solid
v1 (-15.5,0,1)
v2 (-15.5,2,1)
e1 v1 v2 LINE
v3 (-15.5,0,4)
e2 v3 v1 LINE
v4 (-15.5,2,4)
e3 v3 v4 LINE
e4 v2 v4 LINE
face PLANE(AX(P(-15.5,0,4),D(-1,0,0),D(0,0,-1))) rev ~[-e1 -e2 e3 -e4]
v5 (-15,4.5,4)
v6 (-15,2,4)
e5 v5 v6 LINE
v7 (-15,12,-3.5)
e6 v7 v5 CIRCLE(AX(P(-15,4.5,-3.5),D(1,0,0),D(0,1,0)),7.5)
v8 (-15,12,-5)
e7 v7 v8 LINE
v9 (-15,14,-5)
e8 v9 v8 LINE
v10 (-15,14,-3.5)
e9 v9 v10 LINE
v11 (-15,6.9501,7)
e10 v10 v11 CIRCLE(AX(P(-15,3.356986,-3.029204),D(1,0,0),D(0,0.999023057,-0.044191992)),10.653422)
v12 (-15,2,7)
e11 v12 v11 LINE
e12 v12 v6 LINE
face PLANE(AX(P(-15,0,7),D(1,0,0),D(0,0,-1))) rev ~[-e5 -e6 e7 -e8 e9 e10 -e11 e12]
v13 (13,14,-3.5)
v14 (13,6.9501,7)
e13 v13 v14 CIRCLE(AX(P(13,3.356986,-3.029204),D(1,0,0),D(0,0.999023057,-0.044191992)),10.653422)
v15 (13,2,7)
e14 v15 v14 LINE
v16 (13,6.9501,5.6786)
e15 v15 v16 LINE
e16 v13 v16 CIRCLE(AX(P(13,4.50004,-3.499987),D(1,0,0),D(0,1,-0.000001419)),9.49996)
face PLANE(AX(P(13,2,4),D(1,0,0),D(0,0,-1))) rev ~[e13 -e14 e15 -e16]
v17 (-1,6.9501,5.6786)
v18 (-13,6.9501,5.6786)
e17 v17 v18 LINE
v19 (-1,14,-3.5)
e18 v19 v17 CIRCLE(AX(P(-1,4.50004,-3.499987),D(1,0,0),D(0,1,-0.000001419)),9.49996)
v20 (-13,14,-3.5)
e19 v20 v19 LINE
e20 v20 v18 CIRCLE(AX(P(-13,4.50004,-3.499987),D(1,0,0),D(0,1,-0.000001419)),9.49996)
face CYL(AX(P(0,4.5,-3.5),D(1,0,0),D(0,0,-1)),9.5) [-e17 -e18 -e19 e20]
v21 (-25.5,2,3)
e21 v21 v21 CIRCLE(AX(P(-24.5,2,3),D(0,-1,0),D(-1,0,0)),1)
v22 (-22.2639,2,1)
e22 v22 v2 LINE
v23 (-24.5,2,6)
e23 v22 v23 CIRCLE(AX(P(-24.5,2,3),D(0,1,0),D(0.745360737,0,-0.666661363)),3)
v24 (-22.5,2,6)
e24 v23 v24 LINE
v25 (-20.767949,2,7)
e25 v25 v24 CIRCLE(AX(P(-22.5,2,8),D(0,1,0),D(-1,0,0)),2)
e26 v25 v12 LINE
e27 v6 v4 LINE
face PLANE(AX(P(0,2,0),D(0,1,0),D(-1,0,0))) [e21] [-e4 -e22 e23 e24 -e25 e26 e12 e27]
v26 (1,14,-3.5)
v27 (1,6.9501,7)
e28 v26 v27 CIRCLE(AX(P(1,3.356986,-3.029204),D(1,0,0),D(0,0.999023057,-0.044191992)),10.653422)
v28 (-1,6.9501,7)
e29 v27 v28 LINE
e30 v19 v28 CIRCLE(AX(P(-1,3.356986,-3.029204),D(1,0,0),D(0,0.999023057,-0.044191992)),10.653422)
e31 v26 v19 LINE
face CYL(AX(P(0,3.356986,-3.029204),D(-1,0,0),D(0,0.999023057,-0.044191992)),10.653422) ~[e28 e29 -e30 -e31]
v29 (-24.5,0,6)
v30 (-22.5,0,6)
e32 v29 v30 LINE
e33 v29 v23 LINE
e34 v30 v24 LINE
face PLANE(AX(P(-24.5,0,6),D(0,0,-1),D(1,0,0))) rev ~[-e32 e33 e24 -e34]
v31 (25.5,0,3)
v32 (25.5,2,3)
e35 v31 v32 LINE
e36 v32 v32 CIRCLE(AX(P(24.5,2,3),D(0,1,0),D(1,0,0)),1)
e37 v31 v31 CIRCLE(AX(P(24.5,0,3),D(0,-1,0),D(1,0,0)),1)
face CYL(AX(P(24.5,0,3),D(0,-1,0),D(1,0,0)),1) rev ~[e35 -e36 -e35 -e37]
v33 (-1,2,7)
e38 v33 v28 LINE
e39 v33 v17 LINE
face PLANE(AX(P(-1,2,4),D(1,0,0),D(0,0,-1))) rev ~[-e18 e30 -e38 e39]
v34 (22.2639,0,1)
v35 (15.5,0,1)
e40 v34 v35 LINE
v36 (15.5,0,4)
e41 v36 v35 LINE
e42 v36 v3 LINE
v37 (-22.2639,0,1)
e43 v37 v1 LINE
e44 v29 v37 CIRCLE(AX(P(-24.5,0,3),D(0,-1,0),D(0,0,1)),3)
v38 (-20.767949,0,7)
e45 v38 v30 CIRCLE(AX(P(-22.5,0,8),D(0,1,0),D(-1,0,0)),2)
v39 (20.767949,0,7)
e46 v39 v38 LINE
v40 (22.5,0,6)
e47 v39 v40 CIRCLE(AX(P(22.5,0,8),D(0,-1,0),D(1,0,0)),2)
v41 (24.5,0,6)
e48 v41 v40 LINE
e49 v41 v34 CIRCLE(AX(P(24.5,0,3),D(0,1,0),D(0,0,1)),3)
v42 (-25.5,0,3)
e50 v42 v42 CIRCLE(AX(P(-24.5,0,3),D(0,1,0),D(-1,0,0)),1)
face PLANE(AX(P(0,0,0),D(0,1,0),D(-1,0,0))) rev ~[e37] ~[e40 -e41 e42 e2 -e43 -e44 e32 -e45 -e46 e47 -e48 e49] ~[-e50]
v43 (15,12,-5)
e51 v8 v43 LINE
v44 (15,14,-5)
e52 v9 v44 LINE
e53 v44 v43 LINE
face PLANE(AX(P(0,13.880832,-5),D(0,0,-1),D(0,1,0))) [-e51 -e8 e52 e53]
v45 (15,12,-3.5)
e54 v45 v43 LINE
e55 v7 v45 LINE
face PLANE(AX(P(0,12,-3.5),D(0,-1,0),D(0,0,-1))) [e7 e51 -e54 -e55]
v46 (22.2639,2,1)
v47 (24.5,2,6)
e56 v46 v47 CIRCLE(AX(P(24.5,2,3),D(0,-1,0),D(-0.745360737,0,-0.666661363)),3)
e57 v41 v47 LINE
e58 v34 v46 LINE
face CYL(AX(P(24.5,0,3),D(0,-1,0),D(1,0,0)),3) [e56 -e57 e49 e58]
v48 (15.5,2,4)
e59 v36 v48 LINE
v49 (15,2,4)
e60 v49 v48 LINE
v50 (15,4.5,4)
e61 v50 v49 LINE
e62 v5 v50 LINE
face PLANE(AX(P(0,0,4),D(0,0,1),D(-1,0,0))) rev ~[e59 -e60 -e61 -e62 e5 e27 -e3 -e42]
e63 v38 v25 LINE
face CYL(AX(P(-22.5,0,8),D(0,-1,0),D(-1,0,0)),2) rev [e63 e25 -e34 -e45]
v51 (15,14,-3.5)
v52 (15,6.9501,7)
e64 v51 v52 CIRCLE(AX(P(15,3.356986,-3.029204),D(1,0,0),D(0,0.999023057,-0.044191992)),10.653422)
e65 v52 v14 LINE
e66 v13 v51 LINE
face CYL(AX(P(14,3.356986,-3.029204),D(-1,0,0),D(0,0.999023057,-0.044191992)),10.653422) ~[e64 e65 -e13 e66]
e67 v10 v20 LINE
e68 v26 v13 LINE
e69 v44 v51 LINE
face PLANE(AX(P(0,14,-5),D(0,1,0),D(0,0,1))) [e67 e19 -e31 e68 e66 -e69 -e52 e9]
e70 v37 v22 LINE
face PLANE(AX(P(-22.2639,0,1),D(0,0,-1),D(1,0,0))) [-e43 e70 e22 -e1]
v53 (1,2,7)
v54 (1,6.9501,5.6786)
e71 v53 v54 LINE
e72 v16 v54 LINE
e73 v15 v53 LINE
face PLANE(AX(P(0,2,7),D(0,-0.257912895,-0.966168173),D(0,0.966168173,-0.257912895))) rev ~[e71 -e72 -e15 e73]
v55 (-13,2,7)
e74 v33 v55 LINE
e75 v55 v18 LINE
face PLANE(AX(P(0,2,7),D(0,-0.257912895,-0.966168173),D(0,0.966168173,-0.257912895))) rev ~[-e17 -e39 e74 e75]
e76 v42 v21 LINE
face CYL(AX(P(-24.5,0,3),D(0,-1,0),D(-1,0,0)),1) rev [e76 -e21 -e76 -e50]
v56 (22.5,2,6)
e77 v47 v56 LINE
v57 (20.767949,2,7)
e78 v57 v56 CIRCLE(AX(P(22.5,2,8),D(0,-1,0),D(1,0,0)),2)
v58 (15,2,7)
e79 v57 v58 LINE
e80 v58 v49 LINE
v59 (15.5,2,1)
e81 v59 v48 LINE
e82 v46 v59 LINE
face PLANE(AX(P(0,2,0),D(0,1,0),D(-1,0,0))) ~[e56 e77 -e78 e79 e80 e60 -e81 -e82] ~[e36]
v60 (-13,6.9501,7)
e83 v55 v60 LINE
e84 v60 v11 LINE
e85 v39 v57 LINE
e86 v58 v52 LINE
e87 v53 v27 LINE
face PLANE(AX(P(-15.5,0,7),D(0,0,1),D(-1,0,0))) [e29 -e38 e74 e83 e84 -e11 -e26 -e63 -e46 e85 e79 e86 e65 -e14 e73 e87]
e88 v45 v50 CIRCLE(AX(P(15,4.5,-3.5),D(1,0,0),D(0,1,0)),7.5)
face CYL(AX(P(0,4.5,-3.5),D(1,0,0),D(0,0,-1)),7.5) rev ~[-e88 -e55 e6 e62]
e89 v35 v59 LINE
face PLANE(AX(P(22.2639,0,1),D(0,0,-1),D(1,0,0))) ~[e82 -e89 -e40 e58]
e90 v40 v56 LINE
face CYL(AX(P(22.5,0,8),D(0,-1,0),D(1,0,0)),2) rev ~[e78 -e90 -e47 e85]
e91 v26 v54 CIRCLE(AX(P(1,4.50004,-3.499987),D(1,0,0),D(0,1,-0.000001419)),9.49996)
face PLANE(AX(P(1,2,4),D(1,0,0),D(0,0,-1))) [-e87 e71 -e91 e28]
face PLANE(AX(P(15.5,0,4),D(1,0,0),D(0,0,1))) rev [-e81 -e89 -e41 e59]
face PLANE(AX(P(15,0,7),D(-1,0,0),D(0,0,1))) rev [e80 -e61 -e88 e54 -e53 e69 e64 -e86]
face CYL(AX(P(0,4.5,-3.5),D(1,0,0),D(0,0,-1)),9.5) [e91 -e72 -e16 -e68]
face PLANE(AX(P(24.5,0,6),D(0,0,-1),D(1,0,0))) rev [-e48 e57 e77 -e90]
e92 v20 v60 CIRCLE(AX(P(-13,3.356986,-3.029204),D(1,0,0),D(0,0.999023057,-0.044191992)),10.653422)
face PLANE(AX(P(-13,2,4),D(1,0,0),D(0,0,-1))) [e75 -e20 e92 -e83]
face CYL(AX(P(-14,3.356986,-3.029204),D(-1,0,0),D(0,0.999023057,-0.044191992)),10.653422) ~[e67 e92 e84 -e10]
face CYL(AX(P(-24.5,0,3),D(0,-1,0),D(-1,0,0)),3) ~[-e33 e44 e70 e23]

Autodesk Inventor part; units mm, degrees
ref_plane "YZ Plane" through (0, 0, 0) normal (1, 0, 0) x (0, 1, 0)
ref_plane "XZ Plane" through (0, 0, 0) normal (0, 1, 0) x (-1, 0, 0)
sketch "Sketch1" plane through (0, 0, 0) normal (0, 1, 0) x (-1, 0, 0)
  line L0 (24.5, 6) -> (0, 6)
  line L1 (0, 6) -> (0, 0)
  line L2 (0, 0) -> (24.5, 0)
  line L3 (24.5, 0) -> (24.5, 6)
  circle A0 centre (24.5, 3) radius 3
  circle A1 centre (24.5, 3) radius 1
  line L4 (22.2639, 1) -> (0, 1)
  line L5 (0, 1) -> (0, 0)
  line L6 (0, 0) -> (22.2639, 0)
  line L7 (22.2639, 0) -> (22.2639, 1)
  line L8 (0, 4) -> (15.5, 4)
  line L9 (15.5, 4) -> (15.5, 1)
  line L10 (15.5, 1) -> (0, 1)
  line L11 (0, 1) -> (0, 4)
  line L12 (24.5, 3) -> (0, 3)
  line L13 (0, 3) -> (0, 7)
  line L14 (0, 7) -> (24.5, 7)
  line L15 (24.5, 7) -> (24.5, 3)
  line L16 (24.5, 7) -> (20.5, 7)
  line L17 (20.5, 7) -> (20.5, 6)
  line L18 (20.5, 6) -> (24.5, 6)
  line L19 (24.5, 6) -> (24.5, 7)
  circle A2 centre (22.5, 8) radius 2
  line L20 (15.5, 4) -> (15.5, 7)
  point P0 (22.5, 6)
  point P1 (20.7679, 7)
  point P2 (0, 6)
  point P3 (15.5, 3)
  point P4 (0, 3)
  point P5 (15.5, 6)
  point P6 (0, 6)
  dimension "d0" = 24.5
  dimension "d1" = 6
  dimension "d2" = 2
  dimension "d3" = 0
  dimension "d4" = 0
  dimension "d6" = 3
  dimension "d7" = 4
  dimension "d8" = 4
  dimension "d9" = 4
  dimension "d10" = 2
  dimension "d13" = 2
  dimension "d14" = 9
extrude "Extrusion1" add sketch "Sketch1" along normal blind 2 contours A0 L12 L9 L20 L0 | A0 L3 A1 | L3 A1 L12 A0 | L0 L17 L14 A2 | L12 A1 L3 A0 | A0 L4 L9 L12 | L0 L20 L14 L17 | L20 L8 L1 L0 | L0 L13 L14 L20
sketch "Sketch2" plane through (0, 0, 7) normal (1, 0, 0) x (0, 0, -1)
  line L0 (0, 2) -> (3, 2) projected
  line L1 (3, 2) -> (0, 2)
  line L2 (0, 2) -> (0, 12)
  line L3 (0, 12) -> (3, 12)
  line L4 (3, 12) -> (3, 2)
  line L5 (0, 12) -> (12, 12)
  line L6 (12, 12) -> (12, 9)
  line L7 (12, 9) -> (0, 9)
  line L8 (0, 9) -> (0, 12)
  line L9 (0, 0) -> (3, 0) projected
  circle A0 centre (10.5, 4.5) radius 7.5
  line L10 (3, 2) -> (6, 2) projected
  line L11 (0, 12) -> (12, 12)
  line L12 (12, 12) -> (12, 14)
  line L13 (12, 14) -> (0, 14)
  line L14 (0, 14) -> (0, 12)
  circle A1 centre (10.5, 4.5) radius 9.5
  line L15 (0, 2) -> (1.3214, 6.9501)
  point P0 (7, 0)
  point P1 (10.5, 14)
  point P2 (3, 4.5)
  point P3 (10.5, 12)
  dimension "d15" = 10
  dimension "d16" = 12
  dimension "d17" = 3
  dimension "d20" = 15
  dimension "d21" = 2.5
  dimension "d22" = 7.5
  dimension "d23" = 12
  dimension "d24" = 2
extrude "Extrusion2" add sketch "Sketch2" against normal blind 15 contours L15 A1 L0 | A1 L7 L4 L0 | A1 L4 L7 | L4 L7 A0 | L4 A1 L5 A0 L7 | A1 L13 L12 | L12 L5 A1
mirror "Mirror1" about plane through (0, 0, 7) normal (1, 0, 0) of "Extrusion1", "Extrusion2"
ref_plane "Work Plane1" through (0, 2, 4) normal (1, 0, 0) x (0, 0, -1)
sketch "Sketch4" plane through (0, 2, 4) normal (1, 0, 0) x (0, 0, -1)
  line L0 (-3, 0) -> (-1.6786, 4.9501) projected
  line L1 (-3, 0) -> (-3, 4.9501)
  line L2 (-3, 4.9501) -> (-1.6786, 4.9501)
  arc A0 (7.5, 12) -> (-1.6786, 4.9501) centre (7.5, 2.5) ccw projected
  arc A1 (7.5, 12) -> (-3, 4.9501) centre (7.0292, 1.357) ccw
  circle A2 centre (7.5, 2.5) radius 9.5
  point P0 (4, -2)
extrude "Extrusion3" add sketch "Sketch4" along normal mid plane 2 contours L1 L2 L0 | L2 A1 A0
pattern_linear "Rectangular Pattern1" count 2 spacing 14 along (-1, 0, 0) count 2 spacing 14 along (1, 0, 0) of "Extrusion3"
sketch "Sketch5" plane through (-15, 0, 7) normal (-1, 0, 0) x (0, 0, 1)
  point P0 (-7, 0)
equation "\"d11\" = d2"
properties part number "Battery mount front"
